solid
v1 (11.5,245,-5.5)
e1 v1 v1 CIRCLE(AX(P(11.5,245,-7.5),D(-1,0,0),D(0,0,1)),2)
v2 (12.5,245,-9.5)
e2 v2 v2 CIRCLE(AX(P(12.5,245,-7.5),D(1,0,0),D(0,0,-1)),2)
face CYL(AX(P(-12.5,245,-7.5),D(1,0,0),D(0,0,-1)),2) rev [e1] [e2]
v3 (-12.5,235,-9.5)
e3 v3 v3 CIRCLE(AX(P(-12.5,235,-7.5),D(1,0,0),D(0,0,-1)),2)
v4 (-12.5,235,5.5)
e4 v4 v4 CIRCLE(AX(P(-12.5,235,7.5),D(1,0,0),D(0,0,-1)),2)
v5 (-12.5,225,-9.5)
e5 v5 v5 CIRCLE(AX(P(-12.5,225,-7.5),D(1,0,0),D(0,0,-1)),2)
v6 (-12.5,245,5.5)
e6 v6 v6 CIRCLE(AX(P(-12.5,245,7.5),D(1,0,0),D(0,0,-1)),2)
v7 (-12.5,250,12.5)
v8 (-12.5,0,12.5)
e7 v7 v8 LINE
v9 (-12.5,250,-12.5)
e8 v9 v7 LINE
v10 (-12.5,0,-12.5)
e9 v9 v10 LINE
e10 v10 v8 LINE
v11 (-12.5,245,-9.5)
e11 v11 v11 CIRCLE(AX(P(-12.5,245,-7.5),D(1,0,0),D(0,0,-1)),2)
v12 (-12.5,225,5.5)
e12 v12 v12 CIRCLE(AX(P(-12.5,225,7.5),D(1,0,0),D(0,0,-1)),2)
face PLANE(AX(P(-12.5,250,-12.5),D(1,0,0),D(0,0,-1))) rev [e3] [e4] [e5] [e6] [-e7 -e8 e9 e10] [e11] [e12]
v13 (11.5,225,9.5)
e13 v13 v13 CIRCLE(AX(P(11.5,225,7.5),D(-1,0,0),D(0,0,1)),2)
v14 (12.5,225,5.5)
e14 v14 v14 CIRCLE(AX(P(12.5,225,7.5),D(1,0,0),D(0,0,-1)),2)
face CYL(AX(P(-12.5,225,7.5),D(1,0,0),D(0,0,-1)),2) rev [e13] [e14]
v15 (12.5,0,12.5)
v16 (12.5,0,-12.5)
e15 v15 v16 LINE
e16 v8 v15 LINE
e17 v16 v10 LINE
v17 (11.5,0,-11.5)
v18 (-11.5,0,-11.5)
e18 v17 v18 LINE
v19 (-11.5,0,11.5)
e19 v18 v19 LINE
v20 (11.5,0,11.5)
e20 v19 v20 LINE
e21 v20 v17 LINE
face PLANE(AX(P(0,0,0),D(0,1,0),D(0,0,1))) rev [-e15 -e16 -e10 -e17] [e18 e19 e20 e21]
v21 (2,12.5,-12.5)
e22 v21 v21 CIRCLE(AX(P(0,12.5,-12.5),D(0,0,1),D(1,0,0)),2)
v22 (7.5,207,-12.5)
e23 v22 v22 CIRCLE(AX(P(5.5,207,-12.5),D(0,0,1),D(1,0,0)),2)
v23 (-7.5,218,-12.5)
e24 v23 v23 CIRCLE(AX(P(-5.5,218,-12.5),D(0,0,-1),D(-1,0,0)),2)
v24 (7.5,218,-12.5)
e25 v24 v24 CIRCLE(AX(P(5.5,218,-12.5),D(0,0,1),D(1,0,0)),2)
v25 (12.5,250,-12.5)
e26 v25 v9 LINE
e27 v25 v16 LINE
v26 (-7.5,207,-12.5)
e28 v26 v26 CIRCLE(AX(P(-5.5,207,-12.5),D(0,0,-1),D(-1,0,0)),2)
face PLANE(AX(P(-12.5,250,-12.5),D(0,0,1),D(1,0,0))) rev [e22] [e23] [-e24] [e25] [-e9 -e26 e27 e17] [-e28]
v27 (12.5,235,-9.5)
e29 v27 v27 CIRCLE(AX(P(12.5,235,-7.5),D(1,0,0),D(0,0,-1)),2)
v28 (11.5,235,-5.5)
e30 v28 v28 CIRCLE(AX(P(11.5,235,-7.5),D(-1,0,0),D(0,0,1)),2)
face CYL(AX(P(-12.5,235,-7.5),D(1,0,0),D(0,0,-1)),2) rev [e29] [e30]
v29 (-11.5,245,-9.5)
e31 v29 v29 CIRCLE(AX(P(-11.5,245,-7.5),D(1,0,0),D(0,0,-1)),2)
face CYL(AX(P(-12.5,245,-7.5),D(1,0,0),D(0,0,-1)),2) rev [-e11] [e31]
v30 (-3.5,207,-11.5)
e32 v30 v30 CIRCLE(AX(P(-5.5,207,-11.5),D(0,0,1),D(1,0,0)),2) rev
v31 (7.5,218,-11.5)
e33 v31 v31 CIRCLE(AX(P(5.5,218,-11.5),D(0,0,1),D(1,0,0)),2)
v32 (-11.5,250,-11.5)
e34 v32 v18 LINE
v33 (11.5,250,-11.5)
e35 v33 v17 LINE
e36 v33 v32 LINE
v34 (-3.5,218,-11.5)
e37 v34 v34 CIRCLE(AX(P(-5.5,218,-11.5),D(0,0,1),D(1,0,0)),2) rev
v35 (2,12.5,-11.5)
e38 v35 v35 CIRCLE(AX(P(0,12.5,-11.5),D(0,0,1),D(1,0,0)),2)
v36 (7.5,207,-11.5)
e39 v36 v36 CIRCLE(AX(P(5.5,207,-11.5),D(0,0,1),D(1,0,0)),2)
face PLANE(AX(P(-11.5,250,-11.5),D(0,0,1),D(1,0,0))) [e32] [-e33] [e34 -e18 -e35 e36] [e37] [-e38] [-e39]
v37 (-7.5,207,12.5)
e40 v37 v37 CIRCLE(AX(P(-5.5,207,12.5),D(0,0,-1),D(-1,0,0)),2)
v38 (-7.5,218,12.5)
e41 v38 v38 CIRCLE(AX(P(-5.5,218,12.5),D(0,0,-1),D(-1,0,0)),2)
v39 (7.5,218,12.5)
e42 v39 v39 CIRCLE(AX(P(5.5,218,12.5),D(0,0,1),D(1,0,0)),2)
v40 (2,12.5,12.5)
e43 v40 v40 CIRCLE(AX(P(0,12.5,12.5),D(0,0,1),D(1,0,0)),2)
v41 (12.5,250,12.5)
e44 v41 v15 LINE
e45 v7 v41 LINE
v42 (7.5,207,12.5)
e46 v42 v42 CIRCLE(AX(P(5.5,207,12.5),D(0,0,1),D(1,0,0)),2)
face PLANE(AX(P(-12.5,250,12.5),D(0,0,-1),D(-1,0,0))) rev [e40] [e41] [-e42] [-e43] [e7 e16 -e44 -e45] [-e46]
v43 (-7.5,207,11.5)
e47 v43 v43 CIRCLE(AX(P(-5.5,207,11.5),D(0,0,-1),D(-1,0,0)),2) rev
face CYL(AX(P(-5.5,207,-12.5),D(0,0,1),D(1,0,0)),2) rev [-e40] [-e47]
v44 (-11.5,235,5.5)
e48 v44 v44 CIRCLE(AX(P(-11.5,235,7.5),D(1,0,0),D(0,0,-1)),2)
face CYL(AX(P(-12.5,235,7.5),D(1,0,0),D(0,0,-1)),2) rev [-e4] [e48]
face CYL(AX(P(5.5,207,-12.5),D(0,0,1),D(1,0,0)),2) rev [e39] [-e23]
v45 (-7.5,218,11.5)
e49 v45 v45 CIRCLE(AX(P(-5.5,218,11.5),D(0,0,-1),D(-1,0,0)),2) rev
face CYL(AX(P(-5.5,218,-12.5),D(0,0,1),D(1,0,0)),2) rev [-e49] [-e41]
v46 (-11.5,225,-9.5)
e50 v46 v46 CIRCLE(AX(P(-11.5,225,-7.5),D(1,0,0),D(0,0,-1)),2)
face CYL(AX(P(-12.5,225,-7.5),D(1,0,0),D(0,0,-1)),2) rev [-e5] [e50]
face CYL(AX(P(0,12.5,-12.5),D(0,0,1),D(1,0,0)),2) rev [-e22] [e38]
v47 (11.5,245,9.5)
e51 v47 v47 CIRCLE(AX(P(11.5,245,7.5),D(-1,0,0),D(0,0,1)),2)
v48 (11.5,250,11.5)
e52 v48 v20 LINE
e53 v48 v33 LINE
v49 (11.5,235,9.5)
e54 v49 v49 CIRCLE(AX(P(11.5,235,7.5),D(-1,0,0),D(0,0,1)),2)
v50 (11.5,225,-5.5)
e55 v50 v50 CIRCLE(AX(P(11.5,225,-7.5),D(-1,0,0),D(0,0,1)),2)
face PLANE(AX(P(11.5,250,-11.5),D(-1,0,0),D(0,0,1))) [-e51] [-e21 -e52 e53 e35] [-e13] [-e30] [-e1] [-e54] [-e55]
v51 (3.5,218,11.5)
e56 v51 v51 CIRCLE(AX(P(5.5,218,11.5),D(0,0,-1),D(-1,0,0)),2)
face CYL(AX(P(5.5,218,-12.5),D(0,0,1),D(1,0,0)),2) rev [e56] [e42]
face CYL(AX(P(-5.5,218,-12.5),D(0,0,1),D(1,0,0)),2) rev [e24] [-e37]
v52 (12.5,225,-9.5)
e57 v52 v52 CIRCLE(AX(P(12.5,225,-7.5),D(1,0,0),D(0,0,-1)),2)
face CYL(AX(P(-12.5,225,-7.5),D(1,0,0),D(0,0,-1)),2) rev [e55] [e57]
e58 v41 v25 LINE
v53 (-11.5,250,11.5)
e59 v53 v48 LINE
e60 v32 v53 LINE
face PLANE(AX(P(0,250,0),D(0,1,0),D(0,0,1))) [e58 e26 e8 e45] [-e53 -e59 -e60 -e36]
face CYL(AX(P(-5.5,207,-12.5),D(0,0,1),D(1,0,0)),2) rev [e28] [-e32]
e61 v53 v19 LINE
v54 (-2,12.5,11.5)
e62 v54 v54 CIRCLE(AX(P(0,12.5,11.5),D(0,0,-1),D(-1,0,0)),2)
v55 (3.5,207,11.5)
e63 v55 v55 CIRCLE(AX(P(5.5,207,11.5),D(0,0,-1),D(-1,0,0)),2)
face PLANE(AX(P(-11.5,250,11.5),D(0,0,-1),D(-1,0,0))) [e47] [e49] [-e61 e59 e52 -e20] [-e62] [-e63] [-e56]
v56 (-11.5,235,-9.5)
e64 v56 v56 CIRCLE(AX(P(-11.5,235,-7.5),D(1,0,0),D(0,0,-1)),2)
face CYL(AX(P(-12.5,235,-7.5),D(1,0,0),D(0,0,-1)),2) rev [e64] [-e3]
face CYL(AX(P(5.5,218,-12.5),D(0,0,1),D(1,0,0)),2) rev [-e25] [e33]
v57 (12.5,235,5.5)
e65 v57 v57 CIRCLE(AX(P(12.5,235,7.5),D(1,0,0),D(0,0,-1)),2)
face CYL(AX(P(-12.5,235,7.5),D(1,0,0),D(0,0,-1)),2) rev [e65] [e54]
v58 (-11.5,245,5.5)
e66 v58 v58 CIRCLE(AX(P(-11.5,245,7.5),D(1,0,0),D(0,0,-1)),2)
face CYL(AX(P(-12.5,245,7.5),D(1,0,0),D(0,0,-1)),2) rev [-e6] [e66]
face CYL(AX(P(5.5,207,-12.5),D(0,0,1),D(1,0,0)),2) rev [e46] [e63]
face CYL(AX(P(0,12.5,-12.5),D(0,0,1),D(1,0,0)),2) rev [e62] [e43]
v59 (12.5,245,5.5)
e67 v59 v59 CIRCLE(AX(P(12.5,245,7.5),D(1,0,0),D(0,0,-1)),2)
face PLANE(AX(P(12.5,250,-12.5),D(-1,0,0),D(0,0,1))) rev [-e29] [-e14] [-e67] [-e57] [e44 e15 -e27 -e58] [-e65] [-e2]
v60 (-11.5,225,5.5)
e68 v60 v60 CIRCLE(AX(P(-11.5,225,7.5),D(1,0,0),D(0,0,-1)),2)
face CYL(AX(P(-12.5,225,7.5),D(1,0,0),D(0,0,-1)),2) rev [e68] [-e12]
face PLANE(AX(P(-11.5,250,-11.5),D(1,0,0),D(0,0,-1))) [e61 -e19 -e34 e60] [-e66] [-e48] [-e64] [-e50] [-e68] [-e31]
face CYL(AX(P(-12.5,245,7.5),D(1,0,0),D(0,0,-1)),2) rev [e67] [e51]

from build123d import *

# Parameters (mm, degrees)
SKETCH1_W           = 25
SKETCH1_H           = 25
SKETCH1_W_2         = 23
SKETCH1_H_2         = 23
BOSS_EXTRUDE1_DEPTH = 250
SKETCH3_R           = 2
CUT_EXTRUDE1_DEPTH  = 25
SKETCH4_R           = 2
CUT_EXTRUDE2_DEPTH  = 25
SKETCH5_R           = 2
CUT_EXTRUDE3_DEPTH  = 25


with BuildPart() as part:
    # Sketch1 → Boss-Extrude1 (new body)
    with BuildSketch(Plane(origin=(0, 0, 0), x_dir=(1, 0, 0), z_dir=(0, 1, 0))):
        Rectangle(SKETCH1_W, SKETCH1_H)
        Rectangle(SKETCH1_W_2, SKETCH1_H_2, mode=Mode.SUBTRACT)
    extrude(amount=BOSS_EXTRUDE1_DEPTH)

    # Sketch3 → Cut-Extrude1 (cut)
    with BuildSketch(Plane(origin=(12.5, 0, 0), x_dir=(0, 0, -1), z_dir=(1, 0, 0))):
        with Locations((7.5, 245)):
            Circle(SKETCH3_R)
        with Locations((7.5, 235)):
            Circle(SKETCH3_R)
        with Locations((-7.5, 245)):
            Circle(SKETCH3_R)
        with Locations((-7.5, 235)):
            Circle(SKETCH3_R)
        with Locations((7.5, 225)):
            Circle(SKETCH3_R)
        with Locations((-7.5, 225)):
            Circle(SKETCH3_R)
    extrude(amount=-CUT_EXTRUDE1_DEPTH, mode=Mode.SUBTRACT)

    # Sketch4 → Cut-Extrude2 (cut)
    with BuildSketch(Plane.XY.offset(12.5)):
        with Locations((5.5, 218)):
            Circle(SKETCH4_R)
        with Locations((5.5, 207)):
            Circle(SKETCH4_R)
    cut_extrude2 = extrude(amount=-CUT_EXTRUDE2_DEPTH, mode=Mode.SUBTRACT)

    # Sketch5 → Cut-Extrude3 (cut)
    with BuildSketch(Plane.XY.offset(12.5)):
        with Locations((0, 12.5)):
            Circle(SKETCH5_R)
    extrude(amount=-CUT_EXTRUDE3_DEPTH, mode=Mode.SUBTRACT)

    # Mirror1: Cut-Extrude2 across plane
    add(cut_extrude2.mirror(Plane(origin=(0, 0, 0), x_dir=(0, 0, 1), z_dir=(1, 0, 0))), mode=Mode.SUBTRACT)


solid = part.part
